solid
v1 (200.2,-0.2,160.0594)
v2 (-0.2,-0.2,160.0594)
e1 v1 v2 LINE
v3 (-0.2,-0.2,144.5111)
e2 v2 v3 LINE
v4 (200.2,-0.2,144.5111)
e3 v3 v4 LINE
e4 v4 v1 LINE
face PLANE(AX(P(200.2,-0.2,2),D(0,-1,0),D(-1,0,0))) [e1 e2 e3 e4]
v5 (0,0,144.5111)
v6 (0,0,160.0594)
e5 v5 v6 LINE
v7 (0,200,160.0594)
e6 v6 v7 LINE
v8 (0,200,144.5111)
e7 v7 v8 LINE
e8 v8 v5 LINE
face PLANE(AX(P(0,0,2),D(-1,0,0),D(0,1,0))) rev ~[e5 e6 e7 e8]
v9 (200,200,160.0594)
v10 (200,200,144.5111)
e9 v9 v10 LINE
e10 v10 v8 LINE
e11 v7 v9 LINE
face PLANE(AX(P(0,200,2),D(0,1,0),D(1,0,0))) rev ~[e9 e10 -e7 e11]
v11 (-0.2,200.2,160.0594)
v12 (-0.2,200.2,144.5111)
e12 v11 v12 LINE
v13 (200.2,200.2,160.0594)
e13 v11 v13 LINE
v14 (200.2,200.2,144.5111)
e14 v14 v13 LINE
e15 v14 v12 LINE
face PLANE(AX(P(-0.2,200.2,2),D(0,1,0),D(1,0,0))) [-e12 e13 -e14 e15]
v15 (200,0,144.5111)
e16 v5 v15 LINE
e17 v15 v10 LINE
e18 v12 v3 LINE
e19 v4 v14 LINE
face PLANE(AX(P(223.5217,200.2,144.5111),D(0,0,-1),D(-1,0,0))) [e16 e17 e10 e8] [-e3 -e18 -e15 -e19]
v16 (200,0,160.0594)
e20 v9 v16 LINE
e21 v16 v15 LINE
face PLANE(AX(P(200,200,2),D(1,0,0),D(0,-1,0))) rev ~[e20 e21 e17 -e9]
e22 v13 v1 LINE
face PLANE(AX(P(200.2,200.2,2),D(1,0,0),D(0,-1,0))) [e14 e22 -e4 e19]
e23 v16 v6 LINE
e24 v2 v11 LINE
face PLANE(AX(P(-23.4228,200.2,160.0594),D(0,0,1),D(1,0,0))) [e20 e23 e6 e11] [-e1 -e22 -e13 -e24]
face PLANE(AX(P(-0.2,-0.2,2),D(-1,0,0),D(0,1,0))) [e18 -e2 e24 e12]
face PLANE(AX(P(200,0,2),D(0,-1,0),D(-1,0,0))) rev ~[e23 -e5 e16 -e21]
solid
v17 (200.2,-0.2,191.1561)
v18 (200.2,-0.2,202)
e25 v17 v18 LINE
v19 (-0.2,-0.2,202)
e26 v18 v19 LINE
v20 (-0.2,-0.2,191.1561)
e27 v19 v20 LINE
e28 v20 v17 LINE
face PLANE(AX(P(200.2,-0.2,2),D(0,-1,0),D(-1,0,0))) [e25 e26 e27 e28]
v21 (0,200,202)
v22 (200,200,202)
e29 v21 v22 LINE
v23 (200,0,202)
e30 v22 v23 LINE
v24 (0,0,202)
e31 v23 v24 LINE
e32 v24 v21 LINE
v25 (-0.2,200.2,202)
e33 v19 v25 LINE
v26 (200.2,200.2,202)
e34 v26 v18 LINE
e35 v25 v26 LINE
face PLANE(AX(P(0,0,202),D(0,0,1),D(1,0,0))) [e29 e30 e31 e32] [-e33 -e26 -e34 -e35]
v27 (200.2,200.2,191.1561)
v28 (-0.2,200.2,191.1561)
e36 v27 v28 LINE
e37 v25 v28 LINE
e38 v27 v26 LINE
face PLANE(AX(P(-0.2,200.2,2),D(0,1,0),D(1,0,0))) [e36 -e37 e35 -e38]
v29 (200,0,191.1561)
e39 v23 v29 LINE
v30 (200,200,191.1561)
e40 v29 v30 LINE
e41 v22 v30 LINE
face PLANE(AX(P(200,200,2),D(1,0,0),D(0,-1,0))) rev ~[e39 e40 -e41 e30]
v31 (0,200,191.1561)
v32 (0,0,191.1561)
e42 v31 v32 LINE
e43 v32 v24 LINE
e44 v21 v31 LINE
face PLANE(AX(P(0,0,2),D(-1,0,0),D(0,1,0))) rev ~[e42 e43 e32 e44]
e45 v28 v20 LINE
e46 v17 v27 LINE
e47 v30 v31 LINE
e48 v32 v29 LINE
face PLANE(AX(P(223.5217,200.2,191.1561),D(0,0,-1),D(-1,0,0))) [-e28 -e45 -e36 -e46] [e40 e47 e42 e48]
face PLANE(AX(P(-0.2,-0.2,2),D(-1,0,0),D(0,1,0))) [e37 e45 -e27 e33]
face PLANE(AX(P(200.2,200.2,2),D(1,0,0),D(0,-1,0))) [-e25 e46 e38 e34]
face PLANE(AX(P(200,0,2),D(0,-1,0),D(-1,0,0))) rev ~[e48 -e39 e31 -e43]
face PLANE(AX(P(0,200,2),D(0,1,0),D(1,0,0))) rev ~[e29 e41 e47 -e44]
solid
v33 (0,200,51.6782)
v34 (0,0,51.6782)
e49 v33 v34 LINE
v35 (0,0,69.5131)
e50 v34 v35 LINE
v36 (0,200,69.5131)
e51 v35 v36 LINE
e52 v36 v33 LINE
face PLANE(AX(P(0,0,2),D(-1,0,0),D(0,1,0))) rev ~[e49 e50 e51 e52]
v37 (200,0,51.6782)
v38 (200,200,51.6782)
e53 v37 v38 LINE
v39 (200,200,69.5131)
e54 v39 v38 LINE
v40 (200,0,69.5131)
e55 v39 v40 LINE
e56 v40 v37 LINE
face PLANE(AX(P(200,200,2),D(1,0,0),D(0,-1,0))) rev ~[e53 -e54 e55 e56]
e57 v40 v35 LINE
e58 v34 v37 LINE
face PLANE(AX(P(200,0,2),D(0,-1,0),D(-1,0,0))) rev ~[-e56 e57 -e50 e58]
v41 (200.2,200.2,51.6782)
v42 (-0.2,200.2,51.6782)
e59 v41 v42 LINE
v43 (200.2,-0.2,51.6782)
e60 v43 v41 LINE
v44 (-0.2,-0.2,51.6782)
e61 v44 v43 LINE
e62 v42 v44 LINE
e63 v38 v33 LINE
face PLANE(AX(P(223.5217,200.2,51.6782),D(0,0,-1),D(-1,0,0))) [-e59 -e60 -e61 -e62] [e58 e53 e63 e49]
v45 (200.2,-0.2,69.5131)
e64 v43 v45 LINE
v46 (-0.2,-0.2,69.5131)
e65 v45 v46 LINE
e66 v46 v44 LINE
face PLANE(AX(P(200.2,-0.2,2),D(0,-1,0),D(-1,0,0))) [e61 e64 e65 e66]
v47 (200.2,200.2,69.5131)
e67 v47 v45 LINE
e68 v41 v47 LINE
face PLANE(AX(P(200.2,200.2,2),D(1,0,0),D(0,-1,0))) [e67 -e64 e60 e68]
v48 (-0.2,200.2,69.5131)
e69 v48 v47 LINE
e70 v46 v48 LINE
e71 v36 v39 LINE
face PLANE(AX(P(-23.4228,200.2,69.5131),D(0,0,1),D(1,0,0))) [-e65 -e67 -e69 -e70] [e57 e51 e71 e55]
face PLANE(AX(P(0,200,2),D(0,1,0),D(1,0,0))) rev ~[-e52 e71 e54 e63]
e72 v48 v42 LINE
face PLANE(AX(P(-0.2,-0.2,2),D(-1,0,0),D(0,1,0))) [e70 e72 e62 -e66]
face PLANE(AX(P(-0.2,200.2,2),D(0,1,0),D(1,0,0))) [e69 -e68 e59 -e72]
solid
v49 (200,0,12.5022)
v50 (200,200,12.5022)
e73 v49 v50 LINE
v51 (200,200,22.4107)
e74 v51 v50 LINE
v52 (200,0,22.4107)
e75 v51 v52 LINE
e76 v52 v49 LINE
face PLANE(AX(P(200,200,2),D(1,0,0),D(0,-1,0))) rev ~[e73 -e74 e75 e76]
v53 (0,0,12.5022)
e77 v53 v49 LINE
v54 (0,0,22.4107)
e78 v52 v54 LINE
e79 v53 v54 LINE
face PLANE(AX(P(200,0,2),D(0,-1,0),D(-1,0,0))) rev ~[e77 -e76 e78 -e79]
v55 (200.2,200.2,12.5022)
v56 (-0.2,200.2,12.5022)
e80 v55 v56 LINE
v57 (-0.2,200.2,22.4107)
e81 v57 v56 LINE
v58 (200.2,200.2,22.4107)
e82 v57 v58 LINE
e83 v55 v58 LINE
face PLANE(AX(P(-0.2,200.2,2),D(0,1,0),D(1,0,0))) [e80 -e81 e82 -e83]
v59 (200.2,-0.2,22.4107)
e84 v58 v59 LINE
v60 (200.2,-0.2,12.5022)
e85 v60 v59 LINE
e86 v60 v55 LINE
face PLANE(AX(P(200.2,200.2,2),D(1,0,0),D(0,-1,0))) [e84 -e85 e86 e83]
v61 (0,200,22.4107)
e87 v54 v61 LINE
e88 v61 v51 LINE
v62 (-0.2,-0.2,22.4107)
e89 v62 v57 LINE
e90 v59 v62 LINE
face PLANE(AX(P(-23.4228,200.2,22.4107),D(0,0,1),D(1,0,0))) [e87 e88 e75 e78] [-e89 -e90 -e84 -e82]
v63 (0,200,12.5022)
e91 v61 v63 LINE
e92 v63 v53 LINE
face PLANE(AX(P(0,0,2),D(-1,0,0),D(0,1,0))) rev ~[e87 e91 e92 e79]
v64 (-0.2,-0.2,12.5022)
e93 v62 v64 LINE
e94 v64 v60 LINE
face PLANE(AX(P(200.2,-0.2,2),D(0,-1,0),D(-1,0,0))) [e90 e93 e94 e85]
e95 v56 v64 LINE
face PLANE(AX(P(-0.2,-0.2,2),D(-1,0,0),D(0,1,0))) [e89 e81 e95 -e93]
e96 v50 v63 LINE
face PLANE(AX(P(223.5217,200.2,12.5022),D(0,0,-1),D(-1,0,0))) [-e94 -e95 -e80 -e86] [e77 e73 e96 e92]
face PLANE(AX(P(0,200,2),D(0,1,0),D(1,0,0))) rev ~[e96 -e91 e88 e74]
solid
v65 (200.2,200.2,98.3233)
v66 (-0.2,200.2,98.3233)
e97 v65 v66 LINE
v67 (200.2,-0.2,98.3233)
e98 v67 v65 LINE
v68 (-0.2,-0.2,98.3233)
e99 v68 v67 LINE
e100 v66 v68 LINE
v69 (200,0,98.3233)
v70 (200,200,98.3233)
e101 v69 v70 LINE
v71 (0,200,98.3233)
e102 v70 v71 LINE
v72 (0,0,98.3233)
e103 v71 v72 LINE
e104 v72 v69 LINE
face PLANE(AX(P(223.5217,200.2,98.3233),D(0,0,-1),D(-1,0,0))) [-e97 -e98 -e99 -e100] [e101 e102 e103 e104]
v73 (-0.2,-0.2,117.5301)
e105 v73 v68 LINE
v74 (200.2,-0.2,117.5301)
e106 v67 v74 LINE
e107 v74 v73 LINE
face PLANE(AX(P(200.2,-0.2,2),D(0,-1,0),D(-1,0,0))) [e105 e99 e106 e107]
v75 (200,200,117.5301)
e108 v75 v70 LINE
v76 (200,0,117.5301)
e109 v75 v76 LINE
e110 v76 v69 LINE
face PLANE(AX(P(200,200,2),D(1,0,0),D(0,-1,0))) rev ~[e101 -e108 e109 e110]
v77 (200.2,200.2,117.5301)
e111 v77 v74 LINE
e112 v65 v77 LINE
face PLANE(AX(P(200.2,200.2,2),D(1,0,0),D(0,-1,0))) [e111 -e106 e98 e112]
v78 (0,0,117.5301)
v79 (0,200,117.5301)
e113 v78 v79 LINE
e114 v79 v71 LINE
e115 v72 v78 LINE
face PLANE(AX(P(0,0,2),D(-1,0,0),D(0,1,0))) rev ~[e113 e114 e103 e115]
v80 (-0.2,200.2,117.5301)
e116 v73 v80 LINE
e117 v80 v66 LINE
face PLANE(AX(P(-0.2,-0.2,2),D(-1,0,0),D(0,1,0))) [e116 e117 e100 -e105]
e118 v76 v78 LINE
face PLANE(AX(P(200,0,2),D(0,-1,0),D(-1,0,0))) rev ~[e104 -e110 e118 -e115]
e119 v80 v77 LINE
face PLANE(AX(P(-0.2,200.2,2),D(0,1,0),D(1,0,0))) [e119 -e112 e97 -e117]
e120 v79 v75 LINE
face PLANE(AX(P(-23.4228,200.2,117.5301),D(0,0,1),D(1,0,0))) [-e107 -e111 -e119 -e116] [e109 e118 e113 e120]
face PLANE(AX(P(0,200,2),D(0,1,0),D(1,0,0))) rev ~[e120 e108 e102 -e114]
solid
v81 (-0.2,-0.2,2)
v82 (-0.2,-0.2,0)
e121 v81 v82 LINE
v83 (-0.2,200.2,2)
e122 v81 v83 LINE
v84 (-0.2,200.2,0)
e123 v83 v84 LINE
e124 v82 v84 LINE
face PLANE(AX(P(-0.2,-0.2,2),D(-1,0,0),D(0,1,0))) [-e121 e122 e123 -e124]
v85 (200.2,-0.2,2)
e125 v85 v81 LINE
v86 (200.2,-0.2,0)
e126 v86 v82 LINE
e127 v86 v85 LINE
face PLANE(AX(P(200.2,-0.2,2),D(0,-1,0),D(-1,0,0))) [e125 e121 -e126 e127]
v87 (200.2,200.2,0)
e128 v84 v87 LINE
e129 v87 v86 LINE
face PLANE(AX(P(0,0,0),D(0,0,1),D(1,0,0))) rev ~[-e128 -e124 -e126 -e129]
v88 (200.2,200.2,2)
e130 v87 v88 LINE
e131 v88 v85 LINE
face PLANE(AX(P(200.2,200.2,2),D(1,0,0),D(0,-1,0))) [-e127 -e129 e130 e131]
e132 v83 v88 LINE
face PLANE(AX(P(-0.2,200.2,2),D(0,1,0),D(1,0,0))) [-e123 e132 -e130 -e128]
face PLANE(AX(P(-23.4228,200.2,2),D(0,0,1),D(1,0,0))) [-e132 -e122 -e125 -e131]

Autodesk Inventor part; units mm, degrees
ref_plane "YZ Plane" through (0, 0, 0) normal (1, 0, 0) x (0, 1, 0)
ref_plane "XZ Plane" through (0, 0, 0) normal (0, 1, 0) x (-1, 0, 0)
ref_plane "XY Plane" through (0, 0, 0) normal (0, 0, 1) x (1, 0, 0)
sketch "Sketch1" plane through (0, 0, 0) normal (0, 0, 1) x (1, 0, 0)
  line L0 (0, 0) -> (200, 0)
  line L1 (200, 0) -> (200, 200)
  line L2 (200, 200) -> (0, 200)
  line L3 (0, 200) -> (0, 0)
  dimension "d0" = 200
  dimension "d1" = 200
extrude "Extrusion1" add sketch "Sketch1" along normal blind 2
sketch "Sketch2" plane through (0, 0, 2) normal (0, 0, 1) x (1, 0, 0)
  line L0 (0, 0) -> (0, 200) projected
  line L1 (200, 0) -> (0, 0) projected
  line L2 (200, 200) -> (200, 0) projected
  line L3 (0, 200) -> (200, 200) projected
  line L4 (200, 0) -> (0, 0)
  line L5 (0, 0) -> (0, 200)
  line L6 (0, 200) -> (200, 200)
  line L7 (200, 200) -> (200, 0)
  line L8 (200.2, -0.2) -> (-0.2, -0.2)
  line L9 (-0.2, -0.2) -> (-0.2, 200.2)
  line L10 (-0.2, 200.2) -> (200.2, 200.2)
  line L11 (200.2, 200.2) -> (200.2, -0.2)
  dimension "d4" = 0.2
  dimension "d5" = 0.2
  dimension "d6" = 0.2
  dimension "d7" = 0.2
extrude "Extrusion2" add sketch "Sketch2" along normal blind 200 and the other way blind 2
sketch "Sketch3" plane through (-0.2, 200.2, 202) normal (0, 1, 0) x (1, 0, 0)
  line L0 (223.7217, 10.8439) -> (-23.2228, 10.8439)
  line L1 (-23.2228, 10.8439) -> (-23.2228, 41.9406)
  line L2 (-23.2228, 41.9406) -> (223.7217, 41.9406)
  line L3 (223.7217, 41.9406) -> (223.7217, 10.8439)
  line L4 (223.7217, 57.4889) -> (-23.2228, 57.4889)
  line L5 (-23.2228, 57.4889) -> (-23.2228, 84.4699)
  line L6 (-23.2228, 84.4699) -> (223.7217, 84.4699)
  line L7 (223.7217, 84.4699) -> (223.7217, 57.4889)
  line L8 (223.7217, 103.6767) -> (-23.2228, 103.6767)
  line L9 (-23.2228, 103.6767) -> (-23.2228, 132.4869)
  line L10 (-23.2228, 132.4869) -> (223.7217, 132.4869)
  line L11 (223.7217, 132.4869) -> (223.7217, 103.6767)
  line L12 (223.7217, 150.3218) -> (-23.2228, 150.3218)
  line L13 (-23.2228, 150.3218) -> (-23.2228, 179.5893)
  line L14 (-23.2228, 179.5893) -> (223.7217, 179.5893)
  line L15 (223.7217, 179.5893) -> (223.7217, 150.3218)
  line L16 (223.7217, 189.4978) -> (-23.2228, 189.4978)
  line L17 (-23.2228, 189.4978) -> (-23.2228, 200)
  line L18 (-23.2228, 200) -> (223.7217, 200)
  line L19 (223.7217, 200) -> (223.7217, 189.4978)
  point P0 (0.2, 202)
extrude "Extrusion3" cut sketch "Sketch3" against normal through all
properties part number "Cage"
